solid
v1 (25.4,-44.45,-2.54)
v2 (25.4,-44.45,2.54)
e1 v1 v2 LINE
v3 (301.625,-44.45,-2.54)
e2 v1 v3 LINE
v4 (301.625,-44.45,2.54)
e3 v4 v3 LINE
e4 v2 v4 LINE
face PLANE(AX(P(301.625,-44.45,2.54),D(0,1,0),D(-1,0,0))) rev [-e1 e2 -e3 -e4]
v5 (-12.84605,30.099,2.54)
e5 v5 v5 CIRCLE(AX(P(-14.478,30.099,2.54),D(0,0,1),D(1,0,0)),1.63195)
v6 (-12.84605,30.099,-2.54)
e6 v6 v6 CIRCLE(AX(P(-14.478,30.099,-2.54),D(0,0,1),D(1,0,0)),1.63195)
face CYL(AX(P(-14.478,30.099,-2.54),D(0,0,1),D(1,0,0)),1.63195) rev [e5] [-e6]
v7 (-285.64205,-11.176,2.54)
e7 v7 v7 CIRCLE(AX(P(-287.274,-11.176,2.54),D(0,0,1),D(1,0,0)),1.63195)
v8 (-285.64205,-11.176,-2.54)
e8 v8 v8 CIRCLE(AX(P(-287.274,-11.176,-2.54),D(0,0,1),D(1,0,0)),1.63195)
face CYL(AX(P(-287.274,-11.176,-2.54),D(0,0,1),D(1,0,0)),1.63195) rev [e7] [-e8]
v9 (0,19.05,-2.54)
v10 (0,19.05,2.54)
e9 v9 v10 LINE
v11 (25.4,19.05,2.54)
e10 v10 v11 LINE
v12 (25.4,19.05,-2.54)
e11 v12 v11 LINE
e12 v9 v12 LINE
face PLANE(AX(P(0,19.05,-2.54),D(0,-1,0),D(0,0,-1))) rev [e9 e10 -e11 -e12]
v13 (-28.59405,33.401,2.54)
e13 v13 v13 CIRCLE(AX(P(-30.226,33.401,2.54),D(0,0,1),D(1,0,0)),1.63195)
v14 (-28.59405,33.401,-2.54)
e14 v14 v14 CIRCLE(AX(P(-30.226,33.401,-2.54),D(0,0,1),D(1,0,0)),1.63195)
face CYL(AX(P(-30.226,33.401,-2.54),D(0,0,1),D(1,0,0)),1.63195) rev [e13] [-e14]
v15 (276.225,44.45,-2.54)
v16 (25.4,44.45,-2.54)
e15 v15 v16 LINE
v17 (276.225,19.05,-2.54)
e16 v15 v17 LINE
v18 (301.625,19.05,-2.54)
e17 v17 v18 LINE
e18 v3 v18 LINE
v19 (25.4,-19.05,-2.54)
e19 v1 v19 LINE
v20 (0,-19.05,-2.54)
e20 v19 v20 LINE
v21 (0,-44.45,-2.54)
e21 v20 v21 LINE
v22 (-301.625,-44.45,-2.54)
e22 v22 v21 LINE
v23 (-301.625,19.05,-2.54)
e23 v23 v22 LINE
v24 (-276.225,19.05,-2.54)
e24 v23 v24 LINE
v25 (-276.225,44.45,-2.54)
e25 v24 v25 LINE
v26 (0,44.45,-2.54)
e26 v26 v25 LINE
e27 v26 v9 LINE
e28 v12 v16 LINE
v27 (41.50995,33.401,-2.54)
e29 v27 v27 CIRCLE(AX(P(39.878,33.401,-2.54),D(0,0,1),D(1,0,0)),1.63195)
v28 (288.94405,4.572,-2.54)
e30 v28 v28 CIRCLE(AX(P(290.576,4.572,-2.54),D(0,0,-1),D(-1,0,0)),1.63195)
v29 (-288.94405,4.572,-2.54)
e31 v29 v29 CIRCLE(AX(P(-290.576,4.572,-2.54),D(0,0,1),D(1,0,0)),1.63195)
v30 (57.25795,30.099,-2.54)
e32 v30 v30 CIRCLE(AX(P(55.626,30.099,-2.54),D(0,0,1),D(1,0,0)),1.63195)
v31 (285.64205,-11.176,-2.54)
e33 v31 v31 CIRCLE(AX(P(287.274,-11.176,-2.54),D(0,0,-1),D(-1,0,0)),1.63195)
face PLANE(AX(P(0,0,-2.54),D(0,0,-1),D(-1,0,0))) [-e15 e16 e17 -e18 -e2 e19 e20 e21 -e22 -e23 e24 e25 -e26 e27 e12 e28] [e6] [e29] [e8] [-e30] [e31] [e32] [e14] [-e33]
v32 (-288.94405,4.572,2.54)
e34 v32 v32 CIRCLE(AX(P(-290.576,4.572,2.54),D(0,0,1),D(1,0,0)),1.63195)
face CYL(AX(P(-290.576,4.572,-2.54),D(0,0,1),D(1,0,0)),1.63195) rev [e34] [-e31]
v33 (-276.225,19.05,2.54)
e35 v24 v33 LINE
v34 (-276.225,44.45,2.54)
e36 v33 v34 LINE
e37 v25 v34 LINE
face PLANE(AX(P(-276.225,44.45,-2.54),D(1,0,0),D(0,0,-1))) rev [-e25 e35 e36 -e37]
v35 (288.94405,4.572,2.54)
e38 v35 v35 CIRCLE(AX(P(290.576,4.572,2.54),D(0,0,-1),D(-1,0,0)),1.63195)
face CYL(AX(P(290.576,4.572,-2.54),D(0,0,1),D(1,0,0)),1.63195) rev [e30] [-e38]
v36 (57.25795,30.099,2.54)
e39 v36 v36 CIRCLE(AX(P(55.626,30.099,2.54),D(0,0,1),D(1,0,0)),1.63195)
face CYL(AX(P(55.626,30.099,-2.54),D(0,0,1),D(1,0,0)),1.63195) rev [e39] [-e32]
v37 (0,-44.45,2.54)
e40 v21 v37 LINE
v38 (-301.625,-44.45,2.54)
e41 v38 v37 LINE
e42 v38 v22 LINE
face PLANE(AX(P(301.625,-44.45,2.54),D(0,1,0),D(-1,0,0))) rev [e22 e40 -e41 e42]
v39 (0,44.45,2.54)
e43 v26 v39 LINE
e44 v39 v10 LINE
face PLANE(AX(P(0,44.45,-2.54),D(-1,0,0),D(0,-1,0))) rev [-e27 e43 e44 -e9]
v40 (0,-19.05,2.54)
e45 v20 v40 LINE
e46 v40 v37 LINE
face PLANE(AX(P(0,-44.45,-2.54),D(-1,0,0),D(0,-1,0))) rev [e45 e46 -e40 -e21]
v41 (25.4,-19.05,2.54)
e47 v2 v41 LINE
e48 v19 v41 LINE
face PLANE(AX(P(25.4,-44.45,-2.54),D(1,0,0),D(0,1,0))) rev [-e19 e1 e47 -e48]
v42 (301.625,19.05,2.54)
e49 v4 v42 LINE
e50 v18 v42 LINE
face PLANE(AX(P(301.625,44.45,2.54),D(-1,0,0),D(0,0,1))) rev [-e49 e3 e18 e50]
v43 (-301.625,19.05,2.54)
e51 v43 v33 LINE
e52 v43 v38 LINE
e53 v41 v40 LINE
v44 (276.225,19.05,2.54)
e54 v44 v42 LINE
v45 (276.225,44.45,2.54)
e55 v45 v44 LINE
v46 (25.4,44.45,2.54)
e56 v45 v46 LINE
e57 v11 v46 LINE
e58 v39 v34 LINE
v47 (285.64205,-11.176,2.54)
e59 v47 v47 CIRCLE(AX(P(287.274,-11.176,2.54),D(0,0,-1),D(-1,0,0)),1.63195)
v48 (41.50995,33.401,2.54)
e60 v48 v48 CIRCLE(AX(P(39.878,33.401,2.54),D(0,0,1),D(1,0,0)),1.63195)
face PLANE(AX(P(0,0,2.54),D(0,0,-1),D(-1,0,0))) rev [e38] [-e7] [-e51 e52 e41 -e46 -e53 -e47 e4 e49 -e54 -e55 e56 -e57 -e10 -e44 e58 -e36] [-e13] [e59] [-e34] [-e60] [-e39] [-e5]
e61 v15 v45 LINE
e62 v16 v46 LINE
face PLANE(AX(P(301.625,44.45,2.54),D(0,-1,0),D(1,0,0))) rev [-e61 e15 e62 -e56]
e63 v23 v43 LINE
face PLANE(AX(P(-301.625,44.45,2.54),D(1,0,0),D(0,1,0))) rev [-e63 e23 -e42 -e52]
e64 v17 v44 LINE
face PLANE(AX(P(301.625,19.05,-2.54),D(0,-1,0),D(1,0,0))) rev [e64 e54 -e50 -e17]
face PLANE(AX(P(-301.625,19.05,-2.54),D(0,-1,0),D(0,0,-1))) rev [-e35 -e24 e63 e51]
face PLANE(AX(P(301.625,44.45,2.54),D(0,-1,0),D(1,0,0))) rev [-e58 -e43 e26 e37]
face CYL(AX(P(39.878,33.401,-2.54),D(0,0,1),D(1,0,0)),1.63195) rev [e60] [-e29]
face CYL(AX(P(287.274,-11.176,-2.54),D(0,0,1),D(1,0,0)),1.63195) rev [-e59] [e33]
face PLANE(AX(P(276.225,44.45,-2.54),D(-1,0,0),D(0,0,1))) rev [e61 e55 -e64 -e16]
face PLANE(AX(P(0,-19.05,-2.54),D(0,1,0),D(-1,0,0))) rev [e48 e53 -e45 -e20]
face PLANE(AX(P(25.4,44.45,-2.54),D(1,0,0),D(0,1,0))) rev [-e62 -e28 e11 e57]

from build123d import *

# Parameters (mm, degrees)
SKETCH1_W           = 603.25
SKETCH1_H           = 88.9
BOSS_EXTRUDE1_DEPTH = 2.54
SKETCH2_W           = 25.4
SKETCH2_H           = 25.4
CUT_EXTRUDE1_DEPTH  = 5.08
SKETCH3_R           = 1.63195
CUT_EXTRUDE2_DEPTH  = 5.08
SKETCH4_R           = 1.63195
CUT_EXTRUDE3_DEPTH  = 5.08
LPATTERN1_COUNT     = 2
LPATTERN1_PITCH     = 70.104


with BuildPart() as part:
    # Sketch1 → Boss-Extrude1 (new body, symmetric)
    with BuildSketch(Plane.XY):
        Rectangle(SKETCH1_W, SKETCH1_H)
    extrude(amount=BOSS_EXTRUDE1_DEPTH, both=True)

    # Sketch2 → Cut-Extrude1 (cut)
    with BuildSketch(Plane.XY.offset(2.54)):
        with Locations((-288.925, 31.75)):
            Rectangle(SKETCH2_W, SKETCH2_H)
        with Locations((288.925, 31.75)):
            Rectangle(SKETCH2_W, SKETCH2_H)
        with Locations((12.7, 31.75)):
            Rectangle(SKETCH2_W, SKETCH2_H)
        with Locations((12.7, -31.75)):
            Rectangle(SKETCH2_W, SKETCH2_H)
    extrude(amount=-CUT_EXTRUDE1_DEPTH, mode=Mode.SUBTRACT)

    # Sketch3 → Cut-Extrude2 (cut)
    with BuildSketch(Plane.XY.offset(2.54)):
        with Locations((-14.478, 30.099)):
            Circle(SKETCH3_R)
        with Locations((-30.226, 33.401)):
            Circle(SKETCH3_R)
    cut_extrude2 = extrude(amount=-CUT_EXTRUDE2_DEPTH, mode=Mode.SUBTRACT)

    # Sketch4 → Cut-Extrude3 (cut)
    with BuildSketch(Plane.XY.offset(2.54)):
        with Locations((-290.576, 4.572)):
            Circle(SKETCH4_R)
        with Locations((-287.274, -11.176)):
            Circle(SKETCH4_R)
    cut_extrude3 = extrude(amount=-CUT_EXTRUDE3_DEPTH, mode=Mode.SUBTRACT)

    # Mirror2: Cut-Extrude3 across plane
    add(cut_extrude3.mirror(Plane(origin=(0, 0, 0), x_dir=(0, 0, 1), z_dir=(1, 0, 0))), mode=Mode.SUBTRACT)

    # LPattern1: Cut-Extrude2 ×2
    with Locations(*[(i * LPATTERN1_PITCH, 0, 0) for i in range(1, LPATTERN1_COUNT)]):
        add(cut_extrude2, mode=Mode.SUBTRACT)


solid = part.part
